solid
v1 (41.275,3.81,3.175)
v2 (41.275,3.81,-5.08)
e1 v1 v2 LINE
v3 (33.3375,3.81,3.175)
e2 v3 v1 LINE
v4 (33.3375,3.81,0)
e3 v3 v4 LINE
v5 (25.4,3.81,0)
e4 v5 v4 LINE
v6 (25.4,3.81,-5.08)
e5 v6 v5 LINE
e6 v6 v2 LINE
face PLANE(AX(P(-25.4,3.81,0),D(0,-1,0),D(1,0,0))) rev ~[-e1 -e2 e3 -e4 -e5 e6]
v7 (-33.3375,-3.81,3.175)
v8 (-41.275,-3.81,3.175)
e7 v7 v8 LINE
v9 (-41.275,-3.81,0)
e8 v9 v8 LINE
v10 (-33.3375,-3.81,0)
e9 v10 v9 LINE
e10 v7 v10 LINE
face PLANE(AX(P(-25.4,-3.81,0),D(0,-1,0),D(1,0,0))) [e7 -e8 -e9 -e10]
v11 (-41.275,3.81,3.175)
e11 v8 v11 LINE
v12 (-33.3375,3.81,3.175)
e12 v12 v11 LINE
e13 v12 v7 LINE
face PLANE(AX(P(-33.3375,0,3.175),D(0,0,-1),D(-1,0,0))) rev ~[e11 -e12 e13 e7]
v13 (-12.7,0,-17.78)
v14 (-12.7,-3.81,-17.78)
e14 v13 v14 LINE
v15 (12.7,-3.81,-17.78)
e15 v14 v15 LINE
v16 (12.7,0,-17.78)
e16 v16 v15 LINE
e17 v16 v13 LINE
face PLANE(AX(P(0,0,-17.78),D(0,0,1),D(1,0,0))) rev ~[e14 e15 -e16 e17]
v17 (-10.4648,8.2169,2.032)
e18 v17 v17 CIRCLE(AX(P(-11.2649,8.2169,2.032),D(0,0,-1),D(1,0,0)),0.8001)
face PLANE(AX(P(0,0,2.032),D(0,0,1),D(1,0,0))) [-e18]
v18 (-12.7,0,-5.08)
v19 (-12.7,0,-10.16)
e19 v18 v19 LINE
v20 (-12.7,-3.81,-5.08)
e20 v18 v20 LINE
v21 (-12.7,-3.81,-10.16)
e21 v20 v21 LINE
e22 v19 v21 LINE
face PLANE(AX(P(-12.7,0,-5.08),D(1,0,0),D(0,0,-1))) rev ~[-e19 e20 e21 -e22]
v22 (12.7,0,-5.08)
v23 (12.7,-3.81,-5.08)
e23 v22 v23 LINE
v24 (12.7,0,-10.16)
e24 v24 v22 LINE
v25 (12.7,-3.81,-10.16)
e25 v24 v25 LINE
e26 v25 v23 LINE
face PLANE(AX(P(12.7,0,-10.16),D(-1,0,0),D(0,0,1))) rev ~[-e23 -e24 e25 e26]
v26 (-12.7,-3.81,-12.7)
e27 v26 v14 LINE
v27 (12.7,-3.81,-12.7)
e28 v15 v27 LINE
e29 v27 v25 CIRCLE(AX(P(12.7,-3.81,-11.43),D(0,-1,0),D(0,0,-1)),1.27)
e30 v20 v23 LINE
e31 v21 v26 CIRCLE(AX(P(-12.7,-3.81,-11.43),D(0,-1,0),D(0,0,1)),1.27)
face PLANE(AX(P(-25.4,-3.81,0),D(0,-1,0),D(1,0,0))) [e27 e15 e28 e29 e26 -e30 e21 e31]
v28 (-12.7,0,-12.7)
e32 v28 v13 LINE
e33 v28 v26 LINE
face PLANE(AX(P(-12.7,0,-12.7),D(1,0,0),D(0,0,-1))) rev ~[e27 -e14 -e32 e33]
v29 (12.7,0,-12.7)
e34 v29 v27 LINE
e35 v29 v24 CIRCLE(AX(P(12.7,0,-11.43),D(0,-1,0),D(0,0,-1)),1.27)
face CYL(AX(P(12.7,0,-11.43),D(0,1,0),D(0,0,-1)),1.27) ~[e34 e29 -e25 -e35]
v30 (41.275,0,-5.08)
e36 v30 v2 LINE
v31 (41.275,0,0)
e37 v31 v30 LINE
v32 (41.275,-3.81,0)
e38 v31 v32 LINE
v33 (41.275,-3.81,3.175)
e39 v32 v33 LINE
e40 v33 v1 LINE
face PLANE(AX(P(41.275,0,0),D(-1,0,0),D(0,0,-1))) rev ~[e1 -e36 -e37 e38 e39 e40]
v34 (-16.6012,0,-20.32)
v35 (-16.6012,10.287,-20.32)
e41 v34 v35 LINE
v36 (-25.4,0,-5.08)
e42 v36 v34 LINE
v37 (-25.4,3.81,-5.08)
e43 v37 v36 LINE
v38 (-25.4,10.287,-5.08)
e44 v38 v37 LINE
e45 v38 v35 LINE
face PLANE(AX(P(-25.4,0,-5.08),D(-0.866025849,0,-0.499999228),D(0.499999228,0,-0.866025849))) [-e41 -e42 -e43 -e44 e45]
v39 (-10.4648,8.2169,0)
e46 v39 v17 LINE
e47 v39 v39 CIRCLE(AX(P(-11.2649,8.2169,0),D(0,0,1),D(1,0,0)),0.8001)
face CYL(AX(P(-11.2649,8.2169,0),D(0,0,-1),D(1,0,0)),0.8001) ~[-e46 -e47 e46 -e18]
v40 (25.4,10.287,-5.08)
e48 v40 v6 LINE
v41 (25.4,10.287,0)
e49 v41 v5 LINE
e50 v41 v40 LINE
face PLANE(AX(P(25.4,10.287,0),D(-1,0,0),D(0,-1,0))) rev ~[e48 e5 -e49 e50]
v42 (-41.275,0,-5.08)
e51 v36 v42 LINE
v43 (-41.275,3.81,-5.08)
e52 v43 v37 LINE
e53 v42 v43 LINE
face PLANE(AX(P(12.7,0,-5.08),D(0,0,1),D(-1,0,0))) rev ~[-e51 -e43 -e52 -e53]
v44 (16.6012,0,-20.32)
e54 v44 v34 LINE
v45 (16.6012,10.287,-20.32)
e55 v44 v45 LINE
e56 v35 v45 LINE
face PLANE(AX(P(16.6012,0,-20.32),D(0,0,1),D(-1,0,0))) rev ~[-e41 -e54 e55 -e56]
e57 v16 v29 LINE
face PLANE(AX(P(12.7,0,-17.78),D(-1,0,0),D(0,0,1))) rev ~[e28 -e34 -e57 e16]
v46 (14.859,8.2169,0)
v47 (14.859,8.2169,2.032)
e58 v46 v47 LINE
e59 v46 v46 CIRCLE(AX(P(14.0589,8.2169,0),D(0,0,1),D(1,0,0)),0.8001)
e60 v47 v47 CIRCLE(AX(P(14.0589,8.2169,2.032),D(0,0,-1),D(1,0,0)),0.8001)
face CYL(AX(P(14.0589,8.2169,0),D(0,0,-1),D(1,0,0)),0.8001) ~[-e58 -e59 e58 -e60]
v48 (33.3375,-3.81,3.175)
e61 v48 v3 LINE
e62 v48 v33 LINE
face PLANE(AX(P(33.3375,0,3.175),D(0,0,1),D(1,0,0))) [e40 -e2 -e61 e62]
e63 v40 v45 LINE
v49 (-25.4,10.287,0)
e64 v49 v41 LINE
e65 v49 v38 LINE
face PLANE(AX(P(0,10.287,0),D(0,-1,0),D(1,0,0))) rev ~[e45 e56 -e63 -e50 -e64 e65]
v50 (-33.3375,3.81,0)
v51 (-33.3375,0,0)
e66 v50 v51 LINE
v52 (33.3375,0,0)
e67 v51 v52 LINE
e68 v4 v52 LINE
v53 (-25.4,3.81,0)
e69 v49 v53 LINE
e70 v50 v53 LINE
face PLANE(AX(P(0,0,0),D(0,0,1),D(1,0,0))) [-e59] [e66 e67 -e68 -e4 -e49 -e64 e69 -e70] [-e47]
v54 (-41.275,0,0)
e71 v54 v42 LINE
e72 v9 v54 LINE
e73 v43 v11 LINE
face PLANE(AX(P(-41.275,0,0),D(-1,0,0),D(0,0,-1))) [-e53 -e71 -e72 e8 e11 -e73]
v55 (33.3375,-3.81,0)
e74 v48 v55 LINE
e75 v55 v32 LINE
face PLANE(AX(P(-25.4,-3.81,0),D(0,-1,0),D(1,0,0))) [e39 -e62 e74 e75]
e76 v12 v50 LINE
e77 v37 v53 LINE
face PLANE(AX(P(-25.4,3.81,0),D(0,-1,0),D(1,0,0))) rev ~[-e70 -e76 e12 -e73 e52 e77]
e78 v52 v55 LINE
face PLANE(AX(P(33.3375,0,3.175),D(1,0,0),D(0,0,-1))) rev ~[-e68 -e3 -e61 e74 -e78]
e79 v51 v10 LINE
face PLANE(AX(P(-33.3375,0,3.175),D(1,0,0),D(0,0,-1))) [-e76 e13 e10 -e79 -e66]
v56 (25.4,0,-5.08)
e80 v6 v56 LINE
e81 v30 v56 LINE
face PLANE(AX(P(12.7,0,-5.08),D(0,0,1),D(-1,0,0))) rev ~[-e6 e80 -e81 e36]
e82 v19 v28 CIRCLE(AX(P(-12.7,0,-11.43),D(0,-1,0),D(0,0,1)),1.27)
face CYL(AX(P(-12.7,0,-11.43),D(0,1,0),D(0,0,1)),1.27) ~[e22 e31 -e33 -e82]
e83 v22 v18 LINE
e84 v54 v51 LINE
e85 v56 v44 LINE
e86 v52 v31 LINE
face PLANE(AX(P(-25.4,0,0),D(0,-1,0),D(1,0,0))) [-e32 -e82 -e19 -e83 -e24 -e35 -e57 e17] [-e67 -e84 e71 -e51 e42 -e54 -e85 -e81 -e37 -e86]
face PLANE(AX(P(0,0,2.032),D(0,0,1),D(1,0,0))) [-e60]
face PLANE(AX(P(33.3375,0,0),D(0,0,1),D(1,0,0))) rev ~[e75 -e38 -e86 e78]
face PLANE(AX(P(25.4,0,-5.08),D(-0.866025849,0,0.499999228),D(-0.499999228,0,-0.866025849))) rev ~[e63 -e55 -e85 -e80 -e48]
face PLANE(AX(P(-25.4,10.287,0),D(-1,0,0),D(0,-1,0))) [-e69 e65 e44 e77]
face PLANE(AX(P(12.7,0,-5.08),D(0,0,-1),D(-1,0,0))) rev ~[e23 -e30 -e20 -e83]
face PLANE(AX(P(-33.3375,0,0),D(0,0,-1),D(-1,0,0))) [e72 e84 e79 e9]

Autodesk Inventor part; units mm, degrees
ref_plane "YZ Plane" through (0, 0, 0) normal (1, 0, 0) x (0, 1, 0)
ref_plane "XZ Plane" through (0, 0, 0) normal (0, 1, 0) x (-1, 0, 0)
ref_plane "XY Plane" through (0, 0, 0) normal (0, 0, 1) x (1, 0, 0)
sketch "Sketch1" plane through (0, 0, 0) normal (0, 0, 1) x (1, 0, 0)
  line L0 (0, 12.3444) -> (0, -2.0574) projected
  line L1 (-35.56, 0) -> (35.56, 0) projected
  line L2 (-35.56, 0) -> (35.56, 0) projected
  line L3 (0, -2.0574) -> (0, 12.3444) projected
  line L4 (-12.319, 8.2169) -> (15.113, 8.2169)
  line L5 (-10.2108, 8.2169) -> (13.0048, 8.2169)
  circle A0 centre (-11.2649, 8.2169) radius 1.0541
  circle A1 centre (14.0589, 8.2169) radius 1.0541
  line L6 (-25.4, 10.287) -> (-25.4, 0)
  line L7 (-25.4, 0) -> (25.4, 0)
  line L8 (-25.4, 10.287) -> (25.4, 10.287)
  line L9 (25.4, 10.287) -> (25.4, 0)
  line L10 (25.4, 10.287) -> (14.0589, 10.287)
  line L11 (14.0589, 10.287) -> (14.0589, 7.1628)
  line L12 (14.0589, 9.271) -> (14.0589, 10.287)
  line L13 (14.0589, 8.2169) -> (15.113, 8.2169)
  circle A2 centre (-11.2649, 8.2169) radius 0.8001
  circle A3 centre (14.0589, 8.2169) radius 0.8001
  point P0 (0, 0)
  dimension "d0" = 27.432
  dimension "d1" = 23.2156
  dimension "d2" = 2.1082
  dimension "d3" = 10.287
  dimension "d4" = 50.8
  dimension "d5" = 11.3411
  dimension "d6" = 1.016
  dimension "d7" = 11.3411
  dimension "d8" = 0.254
  dimension "d9" = 0.254
extrude "Extrusion1" add sketch "Sketch1" against normal blind 5.08 contours L8 L11 A1 L4 L0 | L0 L1 L6 L8 | L4 A1 L11 L8 L9 L1 L0
extrude "Extrusion2" add sketch "Sketch1" against normal blind 5.08 contours A0 L4 A2 | L4 A2 A0 | A1 L11 A3 L4 | L4 A3 L11 A1 | A1 L4 A3 L11 | A2 L4 | L4 A2 | A3 L11 L4 | L4 L11 A3 | L11 A3 L4 A1 | A3 L4 L11 | L4 A3 L11
extrude "Extrusion3" add sketch "Sketch1" along normal blind 2.032 contours A2 L4 | L4 A2 | A3 L11 L4 | L4 L11 A3 | A3 L4 L11 | L4 A3 L11
sketch "Sketch2" plane through (-25.4, 0, 0) normal (0, -1, 0) x (1, 0, 0)
  line L0 (50.8, 0) -> (50.8, -5.08) projected
  line L1 (0, 0) -> (50.8, 0) projected
  line L2 (0, 0) -> (0, -5.08) projected
  line L3 (38.1, -5.08) -> (12.7, -5.08)
  line L4 (12.7, -17.78) -> (38.1, -17.78)
  arc A0 (38.1, -12.7) -> (38.1, -10.16) centre (38.1, -11.43) ccw
  arc A1 (12.7, -10.16) -> (12.7, -12.7) centre (12.7, -11.43) ccw
  line L5 (38.1, -17.78) -> (38.1, -12.7)
  line L6 (38.1, -10.16) -> (38.1, -5.08)
  line L7 (12.7, -5.08) -> (12.7, -10.16)
  line L8 (12.7, -12.7) -> (12.7, -17.78)
  line L9 (50.8, 0) -> (0, 0)
  line L10 (25.4, 0) -> (25.4, -33.3128)
  line L11 (25.4, -5.08) -> (25.4, -17.78)
  line L12 (50.8, -5.08) -> (0, -5.08) projected
  line L13 (50.8, -5.08) -> (0, -5.08)
  line L14 (50.8, -5.08) -> (42.0012, -20.32)
  line L15 (50.8, -5.08) -> (70.0547, -5.08) construction
  line L16 (0, -5.08) -> (8.7988, -20.32)
  line L17 (0, -5.08) -> (24.702, -5.08) construction
  line L18 (42.0012, -20.32) -> (8.7988, -20.32)
  dimension "d16" = 25.4
  dimension "d17" = 12.7
  dimension "d18" = 2.54
  dimension "d19" = 2.54
  dimension "d20" = 5.08
  dimension "d21" = 5.08
  dimension "d23" = 6.35
  dimension "d24" = 6.35
  dimension "d26" = 120
  dimension "d27" = 60
  dimension "d29" = 12.7
  dimension "d30" = 33.2024
  dimension "d31" = 19.2547
  dimension "d32" = 28.2328
  dimension "d33" = 26.098
extrude "Extrusion4" add sketch "Sketch2" against normal blind 10.287 contours L14 L18 L10 L4 L5 A0 L6 L12 | L6 A0 L5 L4 L10 L3 | L10 L4 L8 A1 L7 L3 | L18 L16 L12 L7 A1 L8 L4 L10
extrude "Extrusion5" add sketch "Sketch2" along normal blind 3.81 contours L6 A0 L5 L4 L10 L3 | L10 L4 L8 A1 L7 L3
sketch "Sketch4" plane through (-25.4, 0, 0) normal (0, -1, 0) x (1, 0, 0)
  line L0 (38.1, -5.08) -> (12.7, -5.08)
  line L1 (0, 0) -> (50.8, 0)
  line L2 (0, 0) -> (0, -5.08)
  line L3 (50.8, 0) -> (50.8, -5.08)
  line L4 (-15.875, -5.08) -> (66.675, -5.08)
  line L5 (25.4, 0) -> (25.4, -41.8957)
  line L6 (-15.875, 0) -> (-15.875, -5.08)
  line L7 (0, 0) -> (0, -5.08)
  line L8 (0, 0) -> (-15.875, 0)
  line L9 (0, 0) -> (0, -5.08)
  line L10 (50.8, 0) -> (0, 0)
  line L11 (50.8, 0) -> (50.8, -5.08)
  line L12 (50.8, 0) -> (66.675, 0)
  line L13 (66.675, 0) -> (66.675, -5.08)
  line L14 (-15.875, 0) -> (-15.875, 3.175)
  line L15 (-7.9375, 3.175) -> (-15.875, 3.175)
  line L16 (-7.9375, 3.175) -> (-7.9375, 0)
  line L17 (-15.875, -5.08) -> (-15.875, 3.175)
  line L18 (-15.875, 3.175) -> (-7.9375, 3.175)
  line L19 (-7.9375, 3.175) -> (-7.9375, 0)
  line L20 (50.8, 0) -> (0, 0) projected
  line L21 (-15.875, 0) -> (0, 0)
  line L22 (0, 0) -> (0, -5.08) projected
  line L23 (0, 0) -> (0, -5.08)
  line L24 (0, -5.08) -> (0, 0)
  line L25 (-15.875, -5.08) -> (66.675, -5.08)
  line L26 (25.4, 0) -> (25.4, -5.08)
  line L27 (12.7, -5.08) -> (38.1, -5.08) projected
  line L28 (66.675, 0) -> (66.675, -5.08)
  line L29 (66.675, 0) -> (66.675, 3.175)
  line L30 (58.7375, 3.175) -> (66.675, 3.175)
  line L31 (58.7375, 3.175) -> (58.7375, 0)
  line L32 (50.8, 0) -> (50.8, -5.08)
  line L33 (50.8, 0) -> (50.8, -5.08)
  line L34 (50.8, 0) -> (66.675, 0)
  line L35 (50.8, 0) -> (50.8, -5.08)
  line L36 (50.8, 0) -> (0, 0)
  line L37 (0, 0) -> (50.8, 0)
  line L38 (66.675, -5.08) -> (-15.875, -5.08)
  line L39 (66.675, -5.08) -> (66.675, 3.175)
  line L40 (66.675, 3.175) -> (58.7375, 3.175)
  line L41 (58.7375, 3.175) -> (58.7375, 0)
  line L42 (0, 0) -> (50.8, 0)
  line L43 (66.675, 0) -> (50.8, 0)
  line L44 (50.8, 0) -> (50.8, -5.08)
  line L45 (50.8, 0) -> (50.8, -5.08)
  line L46 (50.8, -5.08) -> (50.8, 0)
  line L47 (66.675, -5.08) -> (-15.875, -5.08)
  line L48 (-15.875, 0) -> (-7.9375, 0)
  dimension "d40" = 82.55
  dimension "d41" = 3.175
extrude "Extrusion6" add sketch "Sketch4" against normal blind 3.81 contours L0 L5 L1 L3 L4 | L0 L4 L2 L1 L5 | L3 L12 L13 L4 | L4 L6 L8 L2
extrude "Extrusion7" add sketch "Sketch4" along normal mid plane 7.62 contours L31 L30 L29 L12 | L8 L14 L15 L16
properties part number "LED_Holder_V1"
